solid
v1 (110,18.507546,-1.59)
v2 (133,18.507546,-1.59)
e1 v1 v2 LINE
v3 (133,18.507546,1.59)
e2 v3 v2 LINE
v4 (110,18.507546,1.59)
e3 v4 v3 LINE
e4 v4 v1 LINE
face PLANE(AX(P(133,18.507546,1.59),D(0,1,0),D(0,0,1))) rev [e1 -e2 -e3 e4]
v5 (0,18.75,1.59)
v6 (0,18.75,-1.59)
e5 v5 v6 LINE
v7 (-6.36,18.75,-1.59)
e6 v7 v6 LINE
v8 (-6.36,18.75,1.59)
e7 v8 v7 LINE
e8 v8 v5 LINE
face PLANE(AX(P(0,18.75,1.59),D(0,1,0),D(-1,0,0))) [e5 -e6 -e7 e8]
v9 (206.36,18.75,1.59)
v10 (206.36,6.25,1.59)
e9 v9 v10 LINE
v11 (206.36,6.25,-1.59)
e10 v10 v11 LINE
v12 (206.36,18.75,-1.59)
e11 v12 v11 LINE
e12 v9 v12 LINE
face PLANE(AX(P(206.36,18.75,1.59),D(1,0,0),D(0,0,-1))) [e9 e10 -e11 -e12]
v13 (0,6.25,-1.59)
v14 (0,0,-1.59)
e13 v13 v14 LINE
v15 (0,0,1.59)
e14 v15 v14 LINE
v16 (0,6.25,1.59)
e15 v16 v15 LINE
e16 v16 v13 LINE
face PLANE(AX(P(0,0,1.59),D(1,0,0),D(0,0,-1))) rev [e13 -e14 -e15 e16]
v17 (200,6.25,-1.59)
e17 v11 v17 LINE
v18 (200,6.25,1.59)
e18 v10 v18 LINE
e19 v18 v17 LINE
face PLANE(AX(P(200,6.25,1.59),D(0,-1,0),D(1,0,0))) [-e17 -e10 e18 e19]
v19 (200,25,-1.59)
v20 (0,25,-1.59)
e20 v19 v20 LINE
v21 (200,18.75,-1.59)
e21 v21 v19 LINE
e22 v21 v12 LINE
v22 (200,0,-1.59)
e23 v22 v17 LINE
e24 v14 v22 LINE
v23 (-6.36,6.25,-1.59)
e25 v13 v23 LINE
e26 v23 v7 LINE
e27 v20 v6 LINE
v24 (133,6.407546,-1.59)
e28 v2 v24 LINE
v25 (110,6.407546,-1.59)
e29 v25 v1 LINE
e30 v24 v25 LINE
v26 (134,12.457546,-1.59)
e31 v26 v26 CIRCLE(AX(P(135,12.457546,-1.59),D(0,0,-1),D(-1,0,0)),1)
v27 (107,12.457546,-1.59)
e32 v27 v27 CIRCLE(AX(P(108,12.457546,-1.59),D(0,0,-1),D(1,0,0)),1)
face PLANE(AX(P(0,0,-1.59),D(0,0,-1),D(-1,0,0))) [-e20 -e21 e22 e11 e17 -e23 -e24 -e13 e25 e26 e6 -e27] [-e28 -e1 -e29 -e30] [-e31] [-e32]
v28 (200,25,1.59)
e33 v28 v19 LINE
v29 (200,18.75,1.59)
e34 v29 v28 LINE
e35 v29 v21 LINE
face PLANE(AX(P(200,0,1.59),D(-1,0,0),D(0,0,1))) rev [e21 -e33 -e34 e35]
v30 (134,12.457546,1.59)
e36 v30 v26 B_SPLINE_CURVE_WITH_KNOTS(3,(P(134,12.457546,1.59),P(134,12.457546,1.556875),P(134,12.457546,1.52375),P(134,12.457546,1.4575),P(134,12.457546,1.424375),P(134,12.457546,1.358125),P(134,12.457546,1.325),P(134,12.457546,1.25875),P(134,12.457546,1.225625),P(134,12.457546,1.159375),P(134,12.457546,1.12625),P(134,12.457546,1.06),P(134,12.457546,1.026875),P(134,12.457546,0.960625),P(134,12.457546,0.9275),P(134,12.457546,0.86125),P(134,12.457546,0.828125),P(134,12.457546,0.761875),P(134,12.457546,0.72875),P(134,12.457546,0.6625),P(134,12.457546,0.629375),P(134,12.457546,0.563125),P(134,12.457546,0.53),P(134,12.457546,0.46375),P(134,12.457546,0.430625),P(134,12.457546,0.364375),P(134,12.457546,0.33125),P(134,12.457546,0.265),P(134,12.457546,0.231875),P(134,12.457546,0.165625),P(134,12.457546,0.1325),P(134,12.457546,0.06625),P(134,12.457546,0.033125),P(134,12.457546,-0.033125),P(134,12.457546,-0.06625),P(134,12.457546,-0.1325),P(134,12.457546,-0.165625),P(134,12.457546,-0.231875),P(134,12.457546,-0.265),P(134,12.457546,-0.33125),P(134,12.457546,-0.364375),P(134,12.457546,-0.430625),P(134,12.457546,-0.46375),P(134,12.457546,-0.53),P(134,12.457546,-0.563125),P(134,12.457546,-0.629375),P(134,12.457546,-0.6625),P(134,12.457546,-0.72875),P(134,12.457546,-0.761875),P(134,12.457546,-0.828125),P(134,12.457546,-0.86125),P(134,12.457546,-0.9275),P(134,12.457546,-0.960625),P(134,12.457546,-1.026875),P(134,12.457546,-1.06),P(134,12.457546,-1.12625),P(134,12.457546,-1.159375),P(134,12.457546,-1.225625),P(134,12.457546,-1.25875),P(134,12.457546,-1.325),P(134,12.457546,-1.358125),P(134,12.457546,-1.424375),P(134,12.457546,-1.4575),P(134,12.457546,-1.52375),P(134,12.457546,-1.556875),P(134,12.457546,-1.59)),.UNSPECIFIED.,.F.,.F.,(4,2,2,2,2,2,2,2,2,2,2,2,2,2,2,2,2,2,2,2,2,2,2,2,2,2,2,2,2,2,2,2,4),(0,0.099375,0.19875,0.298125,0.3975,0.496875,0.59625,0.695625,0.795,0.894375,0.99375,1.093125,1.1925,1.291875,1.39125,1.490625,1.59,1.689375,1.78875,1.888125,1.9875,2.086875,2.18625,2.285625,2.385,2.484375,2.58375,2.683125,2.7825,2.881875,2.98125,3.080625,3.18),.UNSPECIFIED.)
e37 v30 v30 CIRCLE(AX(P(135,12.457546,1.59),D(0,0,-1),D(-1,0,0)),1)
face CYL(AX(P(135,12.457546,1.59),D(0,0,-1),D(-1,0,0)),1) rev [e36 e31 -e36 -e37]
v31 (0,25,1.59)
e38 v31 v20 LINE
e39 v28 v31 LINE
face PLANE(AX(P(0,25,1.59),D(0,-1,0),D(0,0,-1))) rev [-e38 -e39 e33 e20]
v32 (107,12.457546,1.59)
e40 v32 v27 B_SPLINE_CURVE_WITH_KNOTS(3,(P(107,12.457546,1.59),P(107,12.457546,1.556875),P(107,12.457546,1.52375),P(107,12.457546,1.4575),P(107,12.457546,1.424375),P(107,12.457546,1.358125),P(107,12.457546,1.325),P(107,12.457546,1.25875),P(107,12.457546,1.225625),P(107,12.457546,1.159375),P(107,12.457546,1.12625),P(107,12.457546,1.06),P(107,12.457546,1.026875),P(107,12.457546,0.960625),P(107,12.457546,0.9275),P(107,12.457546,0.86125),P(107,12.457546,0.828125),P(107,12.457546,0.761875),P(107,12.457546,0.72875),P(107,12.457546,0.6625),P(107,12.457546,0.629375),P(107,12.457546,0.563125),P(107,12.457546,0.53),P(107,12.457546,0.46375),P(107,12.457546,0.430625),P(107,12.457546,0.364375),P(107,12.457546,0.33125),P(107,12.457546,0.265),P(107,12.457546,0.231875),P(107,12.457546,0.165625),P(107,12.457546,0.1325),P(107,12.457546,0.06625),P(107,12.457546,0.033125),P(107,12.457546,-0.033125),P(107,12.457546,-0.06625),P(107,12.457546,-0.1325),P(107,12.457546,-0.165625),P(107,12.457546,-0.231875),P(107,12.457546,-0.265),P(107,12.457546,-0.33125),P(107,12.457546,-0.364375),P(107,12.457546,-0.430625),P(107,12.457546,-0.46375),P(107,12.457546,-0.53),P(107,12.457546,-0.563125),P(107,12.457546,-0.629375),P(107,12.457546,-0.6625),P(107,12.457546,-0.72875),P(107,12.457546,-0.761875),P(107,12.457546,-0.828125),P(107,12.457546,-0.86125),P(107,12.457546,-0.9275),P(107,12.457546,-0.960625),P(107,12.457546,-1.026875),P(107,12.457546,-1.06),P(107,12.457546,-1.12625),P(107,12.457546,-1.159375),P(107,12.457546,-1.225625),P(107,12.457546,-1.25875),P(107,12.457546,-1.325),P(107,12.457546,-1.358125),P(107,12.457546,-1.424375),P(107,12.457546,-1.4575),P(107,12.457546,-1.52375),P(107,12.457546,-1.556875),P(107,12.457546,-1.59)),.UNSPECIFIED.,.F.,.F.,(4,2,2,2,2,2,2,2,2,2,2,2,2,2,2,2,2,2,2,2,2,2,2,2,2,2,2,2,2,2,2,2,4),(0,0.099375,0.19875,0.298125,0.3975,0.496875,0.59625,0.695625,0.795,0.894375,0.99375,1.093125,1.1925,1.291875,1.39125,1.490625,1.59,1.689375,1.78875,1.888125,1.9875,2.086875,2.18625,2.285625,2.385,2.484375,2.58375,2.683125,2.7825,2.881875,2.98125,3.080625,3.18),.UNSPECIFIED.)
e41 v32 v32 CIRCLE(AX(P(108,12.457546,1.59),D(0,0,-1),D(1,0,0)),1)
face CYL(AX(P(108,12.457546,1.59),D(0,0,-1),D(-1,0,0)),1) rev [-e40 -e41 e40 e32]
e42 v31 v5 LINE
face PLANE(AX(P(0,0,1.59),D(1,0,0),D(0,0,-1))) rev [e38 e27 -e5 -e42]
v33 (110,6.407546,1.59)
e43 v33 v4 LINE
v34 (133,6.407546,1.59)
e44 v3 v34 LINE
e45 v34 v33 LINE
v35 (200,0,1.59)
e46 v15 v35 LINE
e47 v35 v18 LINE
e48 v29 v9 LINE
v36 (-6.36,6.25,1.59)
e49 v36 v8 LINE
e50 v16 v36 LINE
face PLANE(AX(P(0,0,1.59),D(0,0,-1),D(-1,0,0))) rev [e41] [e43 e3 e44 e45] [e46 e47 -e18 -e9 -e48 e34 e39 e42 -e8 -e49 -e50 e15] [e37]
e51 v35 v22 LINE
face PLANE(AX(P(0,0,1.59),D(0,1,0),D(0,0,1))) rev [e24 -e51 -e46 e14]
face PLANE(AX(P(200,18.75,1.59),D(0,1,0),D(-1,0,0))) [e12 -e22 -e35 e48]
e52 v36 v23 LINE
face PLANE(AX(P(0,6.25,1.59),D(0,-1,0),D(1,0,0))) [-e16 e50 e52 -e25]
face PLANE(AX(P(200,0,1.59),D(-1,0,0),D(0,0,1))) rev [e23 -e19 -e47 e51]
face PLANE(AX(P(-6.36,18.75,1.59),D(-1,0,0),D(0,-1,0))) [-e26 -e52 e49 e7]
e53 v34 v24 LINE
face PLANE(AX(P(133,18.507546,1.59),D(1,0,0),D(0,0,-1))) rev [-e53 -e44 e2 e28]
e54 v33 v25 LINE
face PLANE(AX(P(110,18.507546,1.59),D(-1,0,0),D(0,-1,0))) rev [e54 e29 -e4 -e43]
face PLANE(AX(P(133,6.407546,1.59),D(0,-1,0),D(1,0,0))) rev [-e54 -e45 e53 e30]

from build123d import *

# Parameters (mm, degrees)
SKETCH2_W           = 200
SKETCH2_H           = 25
BOSS_EXTRUDE1_DEPTH = 1.59
SKETCH4_R           = 1
SKETCH4_W           = 23
SKETCH4_H           = 12.1
CUT_EXTRUDE1_DEPTH  = 3.18
SKETCH5_W           = 6.36
SKETCH5_H           = 12.5
BOSS_EXTRUDE2_DEPTH = 3.18


with BuildPart() as part:
    # Sketch2 → Boss-Extrude1 (new, symmetric)
    with BuildSketch(Plane.XY):
        with Locations((100, 12.5)):
            Rectangle(SKETCH2_W, SKETCH2_H)
    extrude(amount=BOSS_EXTRUDE1_DEPTH, both=True)

    # Sketch4 → Cut-Extrude1 (cut)
    with BuildSketch(Plane(origin=(0, 0, -1.59), x_dir=(-1, 0, 0), z_dir=(0, 0, -1))):
        with Locations((-135, 12.457546073)):
            Circle(SKETCH4_R)
        with Locations((-108, 12.457546073)):
            Circle(SKETCH4_R)
        with Locations((-121.5, 12.457546073)):
            Rectangle(SKETCH4_W, SKETCH4_H)
    extrude(amount=-CUT_EXTRUDE1_DEPTH, mode=Mode.SUBTRACT)

    # Sketch5 → Boss-Extrude2 (add)
    with BuildSketch(Plane(origin=(0, 0, -1.59), x_dir=(-1, 0, 0), z_dir=(0, 0, -1))):
        with Locations((-203.18, 12.5)):
            Rectangle(SKETCH5_W, SKETCH5_H)
        with Locations((3.18, 12.5)):
            Rectangle(SKETCH5_W, SKETCH5_H)
    extrude(amount=-BOSS_EXTRUDE2_DEPTH)


solid = part.part
